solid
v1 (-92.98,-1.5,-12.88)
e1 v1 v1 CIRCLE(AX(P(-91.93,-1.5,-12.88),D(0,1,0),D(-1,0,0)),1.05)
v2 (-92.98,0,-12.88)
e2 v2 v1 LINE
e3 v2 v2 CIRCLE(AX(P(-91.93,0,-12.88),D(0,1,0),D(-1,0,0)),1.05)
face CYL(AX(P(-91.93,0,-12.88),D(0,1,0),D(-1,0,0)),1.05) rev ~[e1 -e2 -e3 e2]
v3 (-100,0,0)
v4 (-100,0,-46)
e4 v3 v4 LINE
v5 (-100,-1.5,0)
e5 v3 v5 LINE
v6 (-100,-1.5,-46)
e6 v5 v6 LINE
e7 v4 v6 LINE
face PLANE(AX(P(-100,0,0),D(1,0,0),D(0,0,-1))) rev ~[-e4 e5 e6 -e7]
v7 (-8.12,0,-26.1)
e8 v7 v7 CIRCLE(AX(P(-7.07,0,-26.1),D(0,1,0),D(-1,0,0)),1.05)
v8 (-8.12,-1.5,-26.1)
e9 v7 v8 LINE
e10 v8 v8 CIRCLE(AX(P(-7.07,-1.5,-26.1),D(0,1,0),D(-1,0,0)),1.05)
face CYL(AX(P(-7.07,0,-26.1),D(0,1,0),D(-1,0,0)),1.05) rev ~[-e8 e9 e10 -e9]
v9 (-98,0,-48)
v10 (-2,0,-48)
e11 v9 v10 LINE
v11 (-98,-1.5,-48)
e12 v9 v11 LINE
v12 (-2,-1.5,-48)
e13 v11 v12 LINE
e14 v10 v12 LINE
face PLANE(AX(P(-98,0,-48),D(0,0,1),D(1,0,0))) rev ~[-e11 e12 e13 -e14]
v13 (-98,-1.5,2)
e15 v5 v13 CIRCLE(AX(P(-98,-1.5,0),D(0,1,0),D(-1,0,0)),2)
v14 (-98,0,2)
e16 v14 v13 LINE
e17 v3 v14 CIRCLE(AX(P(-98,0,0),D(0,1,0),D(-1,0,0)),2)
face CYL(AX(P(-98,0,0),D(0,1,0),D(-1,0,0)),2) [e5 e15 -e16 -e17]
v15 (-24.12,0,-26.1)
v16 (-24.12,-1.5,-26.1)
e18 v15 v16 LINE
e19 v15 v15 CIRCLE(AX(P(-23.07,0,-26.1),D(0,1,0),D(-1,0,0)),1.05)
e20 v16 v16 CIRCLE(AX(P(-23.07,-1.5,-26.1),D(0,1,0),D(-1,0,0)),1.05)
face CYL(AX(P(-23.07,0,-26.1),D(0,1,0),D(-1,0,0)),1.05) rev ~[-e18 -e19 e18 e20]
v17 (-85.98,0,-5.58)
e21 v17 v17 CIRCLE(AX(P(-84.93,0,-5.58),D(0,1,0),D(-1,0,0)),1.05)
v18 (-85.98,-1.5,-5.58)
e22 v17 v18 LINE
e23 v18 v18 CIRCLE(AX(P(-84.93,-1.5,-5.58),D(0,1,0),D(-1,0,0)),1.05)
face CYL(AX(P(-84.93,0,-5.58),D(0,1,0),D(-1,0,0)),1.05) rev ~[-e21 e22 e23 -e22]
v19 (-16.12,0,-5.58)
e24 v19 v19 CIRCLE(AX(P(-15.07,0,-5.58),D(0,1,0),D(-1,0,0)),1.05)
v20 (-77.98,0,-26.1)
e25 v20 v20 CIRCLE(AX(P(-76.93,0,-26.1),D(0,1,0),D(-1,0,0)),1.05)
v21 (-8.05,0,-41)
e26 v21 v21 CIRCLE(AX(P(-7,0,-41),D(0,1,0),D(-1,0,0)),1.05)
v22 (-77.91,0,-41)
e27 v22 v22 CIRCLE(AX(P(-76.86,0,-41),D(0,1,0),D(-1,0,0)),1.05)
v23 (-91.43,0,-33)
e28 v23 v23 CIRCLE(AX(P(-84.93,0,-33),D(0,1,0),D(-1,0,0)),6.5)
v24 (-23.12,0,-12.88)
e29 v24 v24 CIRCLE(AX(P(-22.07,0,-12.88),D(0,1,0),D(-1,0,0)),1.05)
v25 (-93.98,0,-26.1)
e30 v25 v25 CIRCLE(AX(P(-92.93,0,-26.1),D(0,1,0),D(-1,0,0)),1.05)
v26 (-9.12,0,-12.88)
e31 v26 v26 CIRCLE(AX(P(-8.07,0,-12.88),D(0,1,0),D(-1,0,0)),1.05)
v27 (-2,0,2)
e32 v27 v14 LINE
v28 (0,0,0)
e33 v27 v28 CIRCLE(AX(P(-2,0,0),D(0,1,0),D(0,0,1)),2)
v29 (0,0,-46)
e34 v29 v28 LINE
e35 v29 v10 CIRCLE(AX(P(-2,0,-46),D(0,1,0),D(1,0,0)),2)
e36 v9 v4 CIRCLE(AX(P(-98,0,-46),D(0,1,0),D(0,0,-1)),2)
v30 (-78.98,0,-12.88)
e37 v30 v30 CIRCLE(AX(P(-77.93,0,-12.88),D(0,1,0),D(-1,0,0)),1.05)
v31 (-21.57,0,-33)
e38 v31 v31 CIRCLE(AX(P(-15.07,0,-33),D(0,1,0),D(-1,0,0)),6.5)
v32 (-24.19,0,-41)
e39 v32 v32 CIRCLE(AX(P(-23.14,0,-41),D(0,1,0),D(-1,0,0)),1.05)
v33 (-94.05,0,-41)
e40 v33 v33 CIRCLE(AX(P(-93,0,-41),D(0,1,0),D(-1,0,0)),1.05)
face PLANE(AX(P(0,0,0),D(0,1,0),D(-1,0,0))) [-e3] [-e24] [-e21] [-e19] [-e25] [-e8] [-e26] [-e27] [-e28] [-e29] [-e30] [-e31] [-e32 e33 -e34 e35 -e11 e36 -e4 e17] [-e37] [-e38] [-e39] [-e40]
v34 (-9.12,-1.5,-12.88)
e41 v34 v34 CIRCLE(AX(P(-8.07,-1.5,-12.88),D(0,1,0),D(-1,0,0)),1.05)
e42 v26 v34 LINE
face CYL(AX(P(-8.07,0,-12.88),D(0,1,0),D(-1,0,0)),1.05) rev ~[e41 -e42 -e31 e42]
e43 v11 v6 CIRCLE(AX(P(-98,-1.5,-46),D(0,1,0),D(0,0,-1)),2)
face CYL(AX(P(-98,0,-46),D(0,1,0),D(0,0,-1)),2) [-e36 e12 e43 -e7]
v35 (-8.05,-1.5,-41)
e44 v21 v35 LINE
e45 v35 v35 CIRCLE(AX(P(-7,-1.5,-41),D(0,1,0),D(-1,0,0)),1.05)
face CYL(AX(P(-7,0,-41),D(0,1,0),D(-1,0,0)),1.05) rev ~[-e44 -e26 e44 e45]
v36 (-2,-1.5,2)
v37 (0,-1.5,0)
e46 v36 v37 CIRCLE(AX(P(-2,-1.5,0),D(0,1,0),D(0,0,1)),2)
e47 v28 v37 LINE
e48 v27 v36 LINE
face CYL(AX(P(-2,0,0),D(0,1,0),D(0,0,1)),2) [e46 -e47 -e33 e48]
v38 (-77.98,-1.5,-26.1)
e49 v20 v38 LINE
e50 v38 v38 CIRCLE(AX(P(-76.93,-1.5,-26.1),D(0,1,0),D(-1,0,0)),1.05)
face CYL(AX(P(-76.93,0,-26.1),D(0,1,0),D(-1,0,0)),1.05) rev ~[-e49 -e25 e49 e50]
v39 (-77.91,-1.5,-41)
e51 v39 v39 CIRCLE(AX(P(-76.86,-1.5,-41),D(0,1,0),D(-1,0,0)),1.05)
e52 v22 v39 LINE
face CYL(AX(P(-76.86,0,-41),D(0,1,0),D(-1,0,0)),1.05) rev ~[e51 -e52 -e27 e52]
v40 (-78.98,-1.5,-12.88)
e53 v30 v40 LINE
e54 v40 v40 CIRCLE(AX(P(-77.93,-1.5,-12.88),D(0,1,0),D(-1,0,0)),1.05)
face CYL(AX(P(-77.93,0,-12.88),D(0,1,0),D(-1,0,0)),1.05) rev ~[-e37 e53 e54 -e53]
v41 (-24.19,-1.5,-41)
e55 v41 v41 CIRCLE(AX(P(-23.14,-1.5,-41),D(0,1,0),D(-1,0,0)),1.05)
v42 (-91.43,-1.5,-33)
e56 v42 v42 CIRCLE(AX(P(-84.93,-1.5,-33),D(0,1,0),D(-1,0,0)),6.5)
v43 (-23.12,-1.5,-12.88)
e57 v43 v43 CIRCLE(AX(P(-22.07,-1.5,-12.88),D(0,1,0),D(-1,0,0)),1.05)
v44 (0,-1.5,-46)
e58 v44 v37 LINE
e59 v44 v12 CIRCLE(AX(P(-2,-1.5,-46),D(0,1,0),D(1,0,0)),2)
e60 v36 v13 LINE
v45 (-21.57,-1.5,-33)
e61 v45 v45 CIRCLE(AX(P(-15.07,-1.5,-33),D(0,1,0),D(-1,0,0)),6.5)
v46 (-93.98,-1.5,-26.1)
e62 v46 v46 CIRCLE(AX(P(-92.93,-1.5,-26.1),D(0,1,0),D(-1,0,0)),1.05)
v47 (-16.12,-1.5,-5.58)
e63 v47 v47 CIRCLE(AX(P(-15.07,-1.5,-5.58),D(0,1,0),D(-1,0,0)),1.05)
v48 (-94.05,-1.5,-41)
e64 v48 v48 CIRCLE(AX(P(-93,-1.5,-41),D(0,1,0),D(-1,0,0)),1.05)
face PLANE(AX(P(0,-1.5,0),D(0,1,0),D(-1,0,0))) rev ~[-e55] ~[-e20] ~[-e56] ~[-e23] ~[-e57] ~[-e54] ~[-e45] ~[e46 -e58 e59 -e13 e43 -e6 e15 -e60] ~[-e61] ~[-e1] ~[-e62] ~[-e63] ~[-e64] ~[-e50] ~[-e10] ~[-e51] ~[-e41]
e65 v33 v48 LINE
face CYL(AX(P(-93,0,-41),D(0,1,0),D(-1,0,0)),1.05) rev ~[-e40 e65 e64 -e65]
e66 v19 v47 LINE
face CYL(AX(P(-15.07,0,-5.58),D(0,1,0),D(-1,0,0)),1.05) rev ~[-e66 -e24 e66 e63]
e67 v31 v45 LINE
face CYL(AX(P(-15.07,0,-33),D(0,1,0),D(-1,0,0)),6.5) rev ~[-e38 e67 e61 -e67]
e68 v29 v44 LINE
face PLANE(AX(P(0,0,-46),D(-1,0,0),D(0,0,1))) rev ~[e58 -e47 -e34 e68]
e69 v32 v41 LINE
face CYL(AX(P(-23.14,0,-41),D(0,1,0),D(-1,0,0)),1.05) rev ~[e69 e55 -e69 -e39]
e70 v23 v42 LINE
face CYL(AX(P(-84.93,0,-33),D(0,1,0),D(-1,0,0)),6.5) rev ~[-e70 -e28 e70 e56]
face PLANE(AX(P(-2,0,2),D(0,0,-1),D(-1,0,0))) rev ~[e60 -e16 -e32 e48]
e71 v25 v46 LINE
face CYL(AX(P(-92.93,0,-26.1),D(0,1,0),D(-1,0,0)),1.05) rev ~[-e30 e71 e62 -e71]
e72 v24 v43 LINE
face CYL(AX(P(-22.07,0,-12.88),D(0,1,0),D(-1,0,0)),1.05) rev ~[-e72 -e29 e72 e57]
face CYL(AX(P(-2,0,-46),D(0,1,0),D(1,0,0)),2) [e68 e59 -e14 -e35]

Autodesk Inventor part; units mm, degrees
ref_plane "YZ Plane" through (0, 0, 0) normal (1, 0, 0) x (0, 1, 0)
ref_plane "XZ Plane" through (0, 0, 0) normal (0, 1, 0) x (-1, 0, 0)
ref_plane "XY Plane" through (0, 0, 0) normal (0, 0, 1) x (1, 0, 0)
sketch "Sketch1" plane through (0, 0, 0) normal (0, 1, 0) x (-1, 0, 0)
  circle A0 centre (15.07, -33) radius 6.5
  circle A1 centre (84.93, -33) radius 6.5
  circle A2 centre (15.07, -5.58) radius 1.05
  circle A3 centre (22.07, -12.88) radius 1.05
  circle A4 centre (8.07, -12.88) radius 1.05
  circle A5 centre (23.07, -26.1) radius 1.05
  circle A6 centre (7.07, -26.1) radius 1.05
  circle A7 centre (7, -41) radius 1.05
  circle A8 centre (23.14, -41) radius 1.05
  circle A9 centre (93, -41) radius 1.05
  circle A10 centre (76.86, -41) radius 1.05
  circle A11 centre (76.93, -26.1) radius 1.05
  circle A12 centre (92.93, -26.1) radius 1.05
  circle A13 centre (91.93, -12.88) radius 1.05
  circle A14 centre (77.93, -12.88) radius 1.05
  circle A15 centre (84.93, -5.58) radius 1.05
  arc A16 (100, 0) -> (98, 2) centre (98, 0) ccw
  line L0 (100, 0) -> (100, -46)
  line L1 (2, 2) -> (98, 2)
  arc A17 (2, 2) -> (0, 0) centre (2, 0) ccw
  line L2 (0, -46) -> (0, 0)
  arc A18 (0, -46) -> (2, -48) centre (2, -46) ccw
  line L3 (98, -48) -> (2, -48)
  arc A19 (98, -48) -> (100, -46) centre (98, -46) ccw
  point P0 (0, 0)
extrude "Extrusion1" add sketch "Sketch1" against normal blind 1.5
properties part number "body_bottom_frame"
